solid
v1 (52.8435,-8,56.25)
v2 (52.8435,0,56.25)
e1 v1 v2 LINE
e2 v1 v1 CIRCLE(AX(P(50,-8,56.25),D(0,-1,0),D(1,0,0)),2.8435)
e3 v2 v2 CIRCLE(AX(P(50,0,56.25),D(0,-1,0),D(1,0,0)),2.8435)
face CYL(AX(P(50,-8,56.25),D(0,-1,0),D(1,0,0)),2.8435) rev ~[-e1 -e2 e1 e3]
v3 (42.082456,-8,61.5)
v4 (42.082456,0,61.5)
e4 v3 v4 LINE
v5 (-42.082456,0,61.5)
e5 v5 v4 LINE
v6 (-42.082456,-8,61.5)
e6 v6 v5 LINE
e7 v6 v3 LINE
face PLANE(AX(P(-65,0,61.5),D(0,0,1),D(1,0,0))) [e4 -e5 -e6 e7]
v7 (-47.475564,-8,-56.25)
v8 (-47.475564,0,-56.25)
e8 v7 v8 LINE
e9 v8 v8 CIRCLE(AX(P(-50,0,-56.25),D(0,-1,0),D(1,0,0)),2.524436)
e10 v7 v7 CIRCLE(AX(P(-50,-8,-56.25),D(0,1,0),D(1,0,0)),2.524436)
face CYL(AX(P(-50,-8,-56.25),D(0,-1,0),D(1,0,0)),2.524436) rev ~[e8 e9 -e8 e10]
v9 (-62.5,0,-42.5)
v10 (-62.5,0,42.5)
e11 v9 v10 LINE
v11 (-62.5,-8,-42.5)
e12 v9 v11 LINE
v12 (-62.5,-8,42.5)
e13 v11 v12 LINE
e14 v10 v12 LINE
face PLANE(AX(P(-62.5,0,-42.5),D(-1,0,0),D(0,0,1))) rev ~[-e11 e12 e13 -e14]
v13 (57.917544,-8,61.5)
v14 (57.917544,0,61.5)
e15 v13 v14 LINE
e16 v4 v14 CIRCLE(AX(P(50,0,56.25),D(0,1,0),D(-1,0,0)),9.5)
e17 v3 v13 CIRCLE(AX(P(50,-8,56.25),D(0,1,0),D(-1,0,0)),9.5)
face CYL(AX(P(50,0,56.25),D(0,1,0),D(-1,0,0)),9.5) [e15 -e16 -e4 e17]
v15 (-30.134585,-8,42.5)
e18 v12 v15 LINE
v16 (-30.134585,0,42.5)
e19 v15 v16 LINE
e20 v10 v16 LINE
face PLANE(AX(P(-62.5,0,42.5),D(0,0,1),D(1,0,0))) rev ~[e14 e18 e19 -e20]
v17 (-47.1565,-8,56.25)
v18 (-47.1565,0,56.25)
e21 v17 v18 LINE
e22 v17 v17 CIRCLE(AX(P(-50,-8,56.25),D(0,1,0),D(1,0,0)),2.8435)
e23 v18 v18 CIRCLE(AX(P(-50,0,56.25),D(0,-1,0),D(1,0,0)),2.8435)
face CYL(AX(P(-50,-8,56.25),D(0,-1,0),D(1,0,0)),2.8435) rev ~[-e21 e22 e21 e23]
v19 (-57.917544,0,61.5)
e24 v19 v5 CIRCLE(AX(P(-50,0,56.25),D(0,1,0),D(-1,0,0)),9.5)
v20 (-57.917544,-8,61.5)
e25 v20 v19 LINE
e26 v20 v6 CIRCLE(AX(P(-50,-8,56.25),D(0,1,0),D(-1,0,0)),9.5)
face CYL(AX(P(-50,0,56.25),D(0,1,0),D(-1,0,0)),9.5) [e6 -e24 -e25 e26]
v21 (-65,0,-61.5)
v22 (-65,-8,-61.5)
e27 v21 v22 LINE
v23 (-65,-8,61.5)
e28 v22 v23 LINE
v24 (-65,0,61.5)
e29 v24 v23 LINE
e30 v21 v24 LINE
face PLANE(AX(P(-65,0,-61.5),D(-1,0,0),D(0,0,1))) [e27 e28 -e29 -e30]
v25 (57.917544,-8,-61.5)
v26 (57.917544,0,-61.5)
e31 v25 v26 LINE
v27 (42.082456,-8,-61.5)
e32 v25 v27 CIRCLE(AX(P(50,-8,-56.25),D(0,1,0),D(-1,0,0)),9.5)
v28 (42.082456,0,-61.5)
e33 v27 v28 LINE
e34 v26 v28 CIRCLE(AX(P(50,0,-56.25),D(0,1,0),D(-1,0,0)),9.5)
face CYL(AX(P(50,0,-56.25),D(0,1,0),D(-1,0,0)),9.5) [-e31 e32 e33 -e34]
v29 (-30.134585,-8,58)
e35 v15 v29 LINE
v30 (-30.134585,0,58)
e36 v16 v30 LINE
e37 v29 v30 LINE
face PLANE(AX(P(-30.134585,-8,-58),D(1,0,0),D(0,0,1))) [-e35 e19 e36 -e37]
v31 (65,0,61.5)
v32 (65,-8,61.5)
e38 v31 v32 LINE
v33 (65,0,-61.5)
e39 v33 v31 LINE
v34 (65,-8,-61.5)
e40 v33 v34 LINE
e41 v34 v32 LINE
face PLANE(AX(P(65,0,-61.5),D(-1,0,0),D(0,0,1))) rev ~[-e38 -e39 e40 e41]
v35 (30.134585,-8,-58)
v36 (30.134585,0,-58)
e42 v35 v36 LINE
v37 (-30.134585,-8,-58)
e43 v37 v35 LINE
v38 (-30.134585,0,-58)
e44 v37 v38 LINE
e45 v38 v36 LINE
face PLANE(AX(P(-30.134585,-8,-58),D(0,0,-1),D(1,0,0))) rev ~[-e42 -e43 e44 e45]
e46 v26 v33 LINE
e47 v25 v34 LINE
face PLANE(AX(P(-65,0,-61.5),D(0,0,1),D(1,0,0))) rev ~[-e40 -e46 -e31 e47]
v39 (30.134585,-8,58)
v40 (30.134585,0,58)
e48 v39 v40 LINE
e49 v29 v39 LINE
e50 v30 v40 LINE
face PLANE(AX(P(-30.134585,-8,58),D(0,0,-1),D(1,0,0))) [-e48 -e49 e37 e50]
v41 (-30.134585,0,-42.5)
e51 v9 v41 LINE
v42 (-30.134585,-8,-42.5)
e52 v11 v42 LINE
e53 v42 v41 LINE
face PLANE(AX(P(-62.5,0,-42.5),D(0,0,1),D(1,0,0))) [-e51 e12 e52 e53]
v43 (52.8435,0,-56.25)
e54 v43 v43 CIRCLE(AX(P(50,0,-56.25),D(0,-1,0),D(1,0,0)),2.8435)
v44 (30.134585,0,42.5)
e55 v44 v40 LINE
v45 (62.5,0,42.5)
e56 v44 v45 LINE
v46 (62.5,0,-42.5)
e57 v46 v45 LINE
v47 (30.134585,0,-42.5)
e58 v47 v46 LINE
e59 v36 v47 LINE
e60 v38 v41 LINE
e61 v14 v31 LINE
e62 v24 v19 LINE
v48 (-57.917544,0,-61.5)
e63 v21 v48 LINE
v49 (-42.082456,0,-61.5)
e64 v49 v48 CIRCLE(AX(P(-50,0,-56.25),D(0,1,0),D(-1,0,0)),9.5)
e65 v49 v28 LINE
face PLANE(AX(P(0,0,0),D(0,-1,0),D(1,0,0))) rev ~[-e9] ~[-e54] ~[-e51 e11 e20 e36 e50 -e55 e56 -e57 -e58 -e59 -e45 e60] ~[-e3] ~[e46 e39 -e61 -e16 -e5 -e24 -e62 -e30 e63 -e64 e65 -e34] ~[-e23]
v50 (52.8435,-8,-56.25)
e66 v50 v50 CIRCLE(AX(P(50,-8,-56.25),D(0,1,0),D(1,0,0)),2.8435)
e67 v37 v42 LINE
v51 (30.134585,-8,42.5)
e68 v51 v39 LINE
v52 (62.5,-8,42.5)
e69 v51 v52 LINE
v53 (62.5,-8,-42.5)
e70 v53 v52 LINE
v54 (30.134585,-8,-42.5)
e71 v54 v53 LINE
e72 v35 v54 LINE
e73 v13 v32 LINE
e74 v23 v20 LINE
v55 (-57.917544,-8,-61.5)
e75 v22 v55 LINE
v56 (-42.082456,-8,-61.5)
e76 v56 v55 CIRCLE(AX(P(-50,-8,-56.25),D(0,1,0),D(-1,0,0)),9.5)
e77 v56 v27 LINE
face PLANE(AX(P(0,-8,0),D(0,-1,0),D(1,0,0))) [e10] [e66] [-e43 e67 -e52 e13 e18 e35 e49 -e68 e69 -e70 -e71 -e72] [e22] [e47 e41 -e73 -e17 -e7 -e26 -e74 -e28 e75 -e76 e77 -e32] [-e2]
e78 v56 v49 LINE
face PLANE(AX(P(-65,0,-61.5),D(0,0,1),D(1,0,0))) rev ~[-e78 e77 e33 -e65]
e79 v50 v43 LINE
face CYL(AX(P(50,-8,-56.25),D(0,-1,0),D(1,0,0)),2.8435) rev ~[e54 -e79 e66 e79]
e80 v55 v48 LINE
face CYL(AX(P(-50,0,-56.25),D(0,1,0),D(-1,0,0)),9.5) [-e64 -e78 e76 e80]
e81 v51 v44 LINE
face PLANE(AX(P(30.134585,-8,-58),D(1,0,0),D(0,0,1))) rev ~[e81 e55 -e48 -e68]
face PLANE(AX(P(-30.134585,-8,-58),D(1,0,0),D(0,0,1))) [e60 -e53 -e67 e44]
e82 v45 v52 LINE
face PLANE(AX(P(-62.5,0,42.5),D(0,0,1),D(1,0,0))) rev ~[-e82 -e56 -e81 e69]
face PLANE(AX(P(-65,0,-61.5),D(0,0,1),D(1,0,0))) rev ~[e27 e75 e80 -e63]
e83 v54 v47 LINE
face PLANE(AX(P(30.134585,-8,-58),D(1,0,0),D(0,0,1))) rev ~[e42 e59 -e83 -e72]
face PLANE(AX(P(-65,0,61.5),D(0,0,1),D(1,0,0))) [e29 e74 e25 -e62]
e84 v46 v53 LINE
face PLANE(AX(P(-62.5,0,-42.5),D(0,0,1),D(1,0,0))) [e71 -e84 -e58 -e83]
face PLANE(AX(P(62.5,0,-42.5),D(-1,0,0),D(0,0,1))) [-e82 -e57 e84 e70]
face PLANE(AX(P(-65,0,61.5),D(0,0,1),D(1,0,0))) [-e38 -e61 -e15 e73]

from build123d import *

# Parameters (mm, degrees)
F0_W     = 130
F0_H     = 123
F0_W_2   = 125
F0_H_2   = 85
F1_DEPTH = 8
F2_R     = 2.8435
F2_R_2   = 2.524436
F3_DEPTH = 25
F4_W     = 60.26917
F4_H     = 116
F5_DEPTH = 25
F6_R     = 9.5
F6_R_2   = 2.8435
F6_R_3   = 2.524436
F7_DEPTH = 8


with BuildPart() as f1:
    # F0 (on Front) → F1 (new body)
    with BuildSketch(Plane.XZ):
        Rectangle(F0_W, F0_H)
        Rectangle(F0_W_2, F0_H_2, mode=Mode.SUBTRACT)
    extrude(amount=F1_DEPTH)

    # F2 (on face) → F3 (cut)
    with BuildSketch(Plane.XZ.offset(8)):
        with Locations((-50, 56.25)):
            Circle(F2_R)
        with Locations((50, 56.25)):
            Circle(F2_R)
        with Locations((-50, -56.25)):
            Circle(F2_R_2)
        with Locations((50, -56.25)):
            Circle(F2_R)
    extrude(amount=-F3_DEPTH, mode=Mode.SUBTRACT)

    # F4 (on face) → F5 (cut)
    with BuildSketch(Plane.XZ.offset(8)):
        Rectangle(F4_W, F4_H)
    extrude(amount=-F5_DEPTH, mode=Mode.SUBTRACT)

    # F6 (on face) → F7 (join, through all)
    with BuildSketch(Plane(origin=(0, 0, 0), x_dir=(-1, 0, 0), z_dir=(0, 1, 0))):
        with Locations((-50, 56.25)):
            Circle(F6_R)
        with Locations((-50, 56.25)):
            Circle(F6_R_2, mode=Mode.SUBTRACT)
        with Locations((50, 56.25)):
            Circle(F6_R)
        with Locations((50, 56.25)):
            Circle(F6_R_2, mode=Mode.SUBTRACT)
        with Locations((-50, -56.25)):
            Circle(F6_R)
        with Locations((-50, -56.25)):
            Circle(F6_R_2, mode=Mode.SUBTRACT)
        with Locations((50, -56.25)):
            Circle(F6_R)
        with Locations((50, -56.25)):
            Circle(F6_R_3, mode=Mode.SUBTRACT)
    extrude(amount=-F7_DEPTH)


solid = f1.part
